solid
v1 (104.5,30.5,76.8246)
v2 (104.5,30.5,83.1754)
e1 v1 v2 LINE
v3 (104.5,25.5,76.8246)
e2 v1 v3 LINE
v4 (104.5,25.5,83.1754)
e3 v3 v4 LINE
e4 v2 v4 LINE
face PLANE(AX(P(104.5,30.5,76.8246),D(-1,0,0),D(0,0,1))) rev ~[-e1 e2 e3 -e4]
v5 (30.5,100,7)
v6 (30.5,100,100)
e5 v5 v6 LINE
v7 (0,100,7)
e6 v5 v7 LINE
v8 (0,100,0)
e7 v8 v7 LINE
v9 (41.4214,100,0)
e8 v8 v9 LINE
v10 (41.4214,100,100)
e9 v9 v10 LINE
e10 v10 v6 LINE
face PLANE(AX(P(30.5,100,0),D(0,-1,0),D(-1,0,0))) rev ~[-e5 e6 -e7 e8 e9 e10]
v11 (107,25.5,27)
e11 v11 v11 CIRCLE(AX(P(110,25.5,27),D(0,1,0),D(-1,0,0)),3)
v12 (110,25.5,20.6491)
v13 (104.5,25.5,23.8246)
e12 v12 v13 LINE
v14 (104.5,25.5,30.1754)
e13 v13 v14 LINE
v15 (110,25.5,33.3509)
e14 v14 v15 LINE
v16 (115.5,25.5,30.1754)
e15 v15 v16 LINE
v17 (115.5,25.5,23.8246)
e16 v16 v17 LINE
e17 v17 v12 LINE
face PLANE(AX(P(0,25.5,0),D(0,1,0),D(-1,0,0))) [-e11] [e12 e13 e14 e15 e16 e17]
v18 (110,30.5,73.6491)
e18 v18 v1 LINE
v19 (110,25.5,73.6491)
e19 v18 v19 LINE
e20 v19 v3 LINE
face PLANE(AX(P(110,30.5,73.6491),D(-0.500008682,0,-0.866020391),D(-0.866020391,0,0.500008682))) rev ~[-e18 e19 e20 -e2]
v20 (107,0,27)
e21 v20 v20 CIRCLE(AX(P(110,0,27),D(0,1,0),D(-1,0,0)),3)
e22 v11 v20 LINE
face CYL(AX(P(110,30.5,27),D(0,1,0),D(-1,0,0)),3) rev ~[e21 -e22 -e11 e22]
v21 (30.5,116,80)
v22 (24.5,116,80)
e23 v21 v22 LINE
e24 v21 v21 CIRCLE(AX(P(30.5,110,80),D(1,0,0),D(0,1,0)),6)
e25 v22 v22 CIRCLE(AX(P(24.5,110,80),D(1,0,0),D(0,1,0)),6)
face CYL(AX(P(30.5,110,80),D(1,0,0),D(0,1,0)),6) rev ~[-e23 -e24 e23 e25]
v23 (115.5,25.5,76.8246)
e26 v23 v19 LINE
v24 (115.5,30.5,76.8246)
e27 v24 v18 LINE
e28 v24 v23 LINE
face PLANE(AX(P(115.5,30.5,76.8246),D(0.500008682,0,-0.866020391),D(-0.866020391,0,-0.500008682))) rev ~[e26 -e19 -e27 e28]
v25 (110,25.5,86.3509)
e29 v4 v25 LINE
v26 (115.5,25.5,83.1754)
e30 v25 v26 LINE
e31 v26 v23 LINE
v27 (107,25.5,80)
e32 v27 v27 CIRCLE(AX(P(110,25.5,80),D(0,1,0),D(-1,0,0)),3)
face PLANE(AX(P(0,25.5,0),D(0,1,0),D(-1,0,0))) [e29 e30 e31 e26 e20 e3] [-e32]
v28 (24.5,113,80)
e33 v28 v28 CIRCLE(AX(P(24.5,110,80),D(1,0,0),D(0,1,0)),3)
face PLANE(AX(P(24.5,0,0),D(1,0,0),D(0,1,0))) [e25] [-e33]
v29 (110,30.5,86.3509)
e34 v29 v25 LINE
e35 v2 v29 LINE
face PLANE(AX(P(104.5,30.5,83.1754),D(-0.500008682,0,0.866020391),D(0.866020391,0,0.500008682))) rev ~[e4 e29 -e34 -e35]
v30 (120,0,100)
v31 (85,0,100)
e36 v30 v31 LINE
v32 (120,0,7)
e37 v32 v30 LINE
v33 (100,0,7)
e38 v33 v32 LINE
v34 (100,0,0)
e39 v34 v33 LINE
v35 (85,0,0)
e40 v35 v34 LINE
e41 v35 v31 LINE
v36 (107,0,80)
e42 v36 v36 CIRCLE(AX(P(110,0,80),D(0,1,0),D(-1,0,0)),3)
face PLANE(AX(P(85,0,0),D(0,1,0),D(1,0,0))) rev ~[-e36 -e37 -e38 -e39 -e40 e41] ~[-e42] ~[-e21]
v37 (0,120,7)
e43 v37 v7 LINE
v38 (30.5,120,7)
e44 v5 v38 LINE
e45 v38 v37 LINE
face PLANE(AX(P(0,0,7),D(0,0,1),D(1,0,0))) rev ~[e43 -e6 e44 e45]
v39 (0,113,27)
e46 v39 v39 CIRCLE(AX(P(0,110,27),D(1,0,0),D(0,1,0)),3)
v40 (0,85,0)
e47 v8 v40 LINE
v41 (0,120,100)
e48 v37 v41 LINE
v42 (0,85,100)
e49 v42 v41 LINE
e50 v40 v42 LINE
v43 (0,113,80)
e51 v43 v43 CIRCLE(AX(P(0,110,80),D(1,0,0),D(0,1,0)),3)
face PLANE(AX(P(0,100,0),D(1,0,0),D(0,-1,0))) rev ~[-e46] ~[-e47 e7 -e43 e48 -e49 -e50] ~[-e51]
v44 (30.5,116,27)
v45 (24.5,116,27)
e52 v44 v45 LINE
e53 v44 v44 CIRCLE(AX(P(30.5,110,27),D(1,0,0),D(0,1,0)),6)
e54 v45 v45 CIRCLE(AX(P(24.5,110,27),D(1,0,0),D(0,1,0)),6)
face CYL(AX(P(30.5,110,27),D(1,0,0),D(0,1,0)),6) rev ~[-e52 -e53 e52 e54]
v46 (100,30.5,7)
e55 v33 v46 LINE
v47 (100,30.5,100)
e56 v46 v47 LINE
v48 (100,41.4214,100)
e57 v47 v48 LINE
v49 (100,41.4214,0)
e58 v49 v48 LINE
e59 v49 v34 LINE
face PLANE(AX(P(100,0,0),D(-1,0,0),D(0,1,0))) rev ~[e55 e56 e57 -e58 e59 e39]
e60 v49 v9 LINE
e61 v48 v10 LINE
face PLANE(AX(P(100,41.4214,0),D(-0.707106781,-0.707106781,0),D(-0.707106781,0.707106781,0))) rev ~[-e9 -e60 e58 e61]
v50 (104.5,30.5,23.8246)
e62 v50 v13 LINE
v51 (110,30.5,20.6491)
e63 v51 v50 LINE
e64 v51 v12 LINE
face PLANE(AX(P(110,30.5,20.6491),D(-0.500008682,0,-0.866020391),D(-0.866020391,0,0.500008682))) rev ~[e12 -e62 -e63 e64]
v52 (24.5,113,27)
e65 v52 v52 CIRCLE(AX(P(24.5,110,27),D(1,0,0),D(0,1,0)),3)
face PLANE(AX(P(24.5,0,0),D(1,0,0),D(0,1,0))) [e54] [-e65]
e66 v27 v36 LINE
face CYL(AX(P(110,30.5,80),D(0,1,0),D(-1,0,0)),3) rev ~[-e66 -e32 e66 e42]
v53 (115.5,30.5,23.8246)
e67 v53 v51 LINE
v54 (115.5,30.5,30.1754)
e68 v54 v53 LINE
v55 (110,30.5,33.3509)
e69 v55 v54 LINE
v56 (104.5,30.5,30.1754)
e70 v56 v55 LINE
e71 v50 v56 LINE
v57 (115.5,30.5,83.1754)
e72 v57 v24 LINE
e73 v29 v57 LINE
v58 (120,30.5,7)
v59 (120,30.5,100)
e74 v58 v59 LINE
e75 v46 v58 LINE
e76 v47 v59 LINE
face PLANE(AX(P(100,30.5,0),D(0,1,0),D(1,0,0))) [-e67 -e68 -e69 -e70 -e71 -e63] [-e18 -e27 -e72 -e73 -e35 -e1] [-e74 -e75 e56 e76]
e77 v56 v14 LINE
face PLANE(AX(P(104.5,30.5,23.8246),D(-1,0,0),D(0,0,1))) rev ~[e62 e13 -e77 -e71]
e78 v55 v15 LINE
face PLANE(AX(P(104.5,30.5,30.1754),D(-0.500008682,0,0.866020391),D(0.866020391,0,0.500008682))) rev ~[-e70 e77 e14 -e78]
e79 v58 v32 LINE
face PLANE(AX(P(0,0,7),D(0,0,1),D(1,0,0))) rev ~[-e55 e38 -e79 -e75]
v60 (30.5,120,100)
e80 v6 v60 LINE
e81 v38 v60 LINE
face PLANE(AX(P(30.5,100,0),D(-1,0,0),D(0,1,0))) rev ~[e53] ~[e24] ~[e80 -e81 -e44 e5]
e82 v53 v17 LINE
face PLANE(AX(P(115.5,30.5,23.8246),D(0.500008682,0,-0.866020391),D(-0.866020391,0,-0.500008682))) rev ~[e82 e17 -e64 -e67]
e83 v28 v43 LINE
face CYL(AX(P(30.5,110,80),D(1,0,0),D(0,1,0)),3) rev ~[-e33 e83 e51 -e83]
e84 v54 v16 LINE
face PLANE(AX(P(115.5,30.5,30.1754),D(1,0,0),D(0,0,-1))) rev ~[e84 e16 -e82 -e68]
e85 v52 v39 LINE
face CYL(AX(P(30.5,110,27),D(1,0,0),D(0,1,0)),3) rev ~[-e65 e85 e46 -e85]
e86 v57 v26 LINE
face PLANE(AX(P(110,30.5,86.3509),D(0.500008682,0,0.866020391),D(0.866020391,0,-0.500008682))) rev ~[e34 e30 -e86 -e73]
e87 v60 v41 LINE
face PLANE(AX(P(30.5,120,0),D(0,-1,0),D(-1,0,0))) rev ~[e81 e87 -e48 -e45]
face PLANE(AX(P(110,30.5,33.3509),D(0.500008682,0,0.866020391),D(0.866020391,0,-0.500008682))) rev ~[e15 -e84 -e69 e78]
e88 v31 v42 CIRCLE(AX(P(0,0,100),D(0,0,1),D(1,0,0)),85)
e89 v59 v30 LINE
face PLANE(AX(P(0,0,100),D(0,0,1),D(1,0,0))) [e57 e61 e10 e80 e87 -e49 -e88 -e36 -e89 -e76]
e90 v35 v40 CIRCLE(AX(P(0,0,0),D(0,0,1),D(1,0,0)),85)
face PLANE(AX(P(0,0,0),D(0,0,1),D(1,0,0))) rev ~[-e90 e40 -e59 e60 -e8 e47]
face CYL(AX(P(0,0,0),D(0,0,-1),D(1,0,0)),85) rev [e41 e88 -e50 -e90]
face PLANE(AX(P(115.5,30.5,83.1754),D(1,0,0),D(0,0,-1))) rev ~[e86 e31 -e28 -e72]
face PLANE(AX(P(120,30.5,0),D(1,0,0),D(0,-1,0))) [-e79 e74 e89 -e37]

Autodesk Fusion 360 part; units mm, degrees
sketch "Body" plane through (0, 0, 0) normal (0, 0, 1) x (1, 0, 0)
  circle A0 centre (0, 0) radius 85
  line L0 (-100, -41.4214) -> (-41.4214, -100)
  line L1 (-41.4214, -100) -> (41.4214, -100)
  line L2 (41.4214, -100) -> (100, -41.4214)
  line L3 (100, -41.4214) -> (100, 41.4214)
  line L4 (100, 41.4214) -> (41.4214, 100)
  line L5 (41.4214, 100) -> (-41.4214, 100)
  line L6 (-41.4214, 100) -> (-100, 41.4214)
  line L7 (-100, 41.4214) -> (-100, -41.4214)
  line L8 (-30.5, -100) -> (30.5, -100)
  line L9 (30.5, -100) -> (30.5, -120)
  line L10 (30.5, -120) -> (-30.5, -120)
  line L11 (-30.5, -120) -> (-30.5, -100)
  line L12 (-30.5, 100) -> (30.5, 100)
  line L13 (30.5, 100) -> (30.5, 120)
  line L14 (30.5, 120) -> (-30.5, 120)
  line L15 (-30.5, 120) -> (-30.5, 100)
  line L16 (100, 30.5) -> (120, 30.5)
  line L17 (120, 30.5) -> (120, -30.5)
  line L18 (120, -30.5) -> (100, -30.5)
  line L19 (100, -30.5) -> (100, 30.5)
  line L20 (-100, 30.5) -> (-120, 30.5)
  line L21 (-120, 30.5) -> (-120, -30.5)
  line L22 (-120, -30.5) -> (-100, -30.5)
  line L23 (-100, -30.5) -> (-100, 30.5)
  line L24 (-120, 0) -> (120, 0)
  line L25 (0, 120) -> (0, -120)
  dimension "d1" = 170
  dimension "d2" = 100
  dimension "d4" = 61
  dimension "d5" = 20
  dimension "d7" = 61
  dimension "d8" = 20
  dimension "d10" = 61
  dimension "d11" = 20
  dimension "d13" = 20
  dimension "d14" = 61
extrude "Extrude1" add sketch "Body" along normal blind 100 contours A0 L3 L4 L5 L12 L19 L24 L25 | L3 L16 L17 L19 L24 | L5 L12 L13 L14 L25
extrude "Extrude2" cut sketch "Body" along normal blind 7 contours L3 L16 L17 L19 L24 | L5 L12 L13 L14 L25
sketch "H_Circle" plane through (30.5, 0, 0) normal (1, 0, 0) x (0, 1, 0)
  line L0 (100, 7) -> (120, 7)
  line L1 (120, 7) -> (120, 100)
  line L2 (120, 100) -> (100, 100)
  line L3 (100, 100) -> (100, 7)
  line L4 (100, 100) -> (120, 100)
  line L5 (120, 100) -> (120, 7)
  line L6 (120, 7) -> (100, 7)
  line L7 (100, 7) -> (100, 100)
  line L8 (100, 100) -> (120, 100)
  line L9 (120, 100) -> (120, 80)
  line L10 (100, 80) -> (100, 100)
  line L11 (100, 7) -> (120, 7)
  line L12 (120, 7) -> (120, 27)
  line L13 (100, 27) -> (100, 7)
  circle A0 centre (110, 80) radius 6
  circle A1 centre (110, 80) radius 3
  circle A2 centre (110, 27) radius 6
  circle A3 centre (110, 27) radius 3
  dimension "d19" = 20
  dimension "d20" = 20
  dimension "d21" = 12
  dimension "d22" = 6
  dimension "d23" = 12
  dimension "d24" = 6
extrude "Extrude3" cut sketch "H_Circle" against normal blind 70 contours A1 | A3
extrude "Extrude4" cut sketch "H_Circle" against normal blind 6 contours A0 | A2
sketch "H_Hex" plane through (0, 30.5, 0) normal (0, 1, 0) x (-1, 0, 0)
  line L0 (-120, 7) -> (-100, 7)
  line L1 (-100, 7) -> (-100, 100)
  line L2 (-100, 100) -> (-120, 100)
  line L3 (-120, 100) -> (-120, 7)
  line L4 (-120, 100) -> (-100, 100)
  line L5 (-100, 100) -> (-100, 7)
  line L6 (-100, 7) -> (-120, 7)
  line L7 (-120, 7) -> (-120, 100)
  line L8 (-120, 100) -> (-100, 100)
  line L9 (-100, 100) -> (-100, 80)
  line L10 (-120, 80) -> (-120, 100)
  line L11 (-120, 7) -> (-100, 7)
  line L12 (-100, 7) -> (-100, 27)
  line L13 (-120, 27) -> (-120, 7)
  circle A0 centre (-110, 80) radius 3
  circle A1 centre (-110, 27) radius 3
  line L14 (-115.5, 76.8246) -> (-110, 73.6491)
  line L15 (-110, 73.6491) -> (-104.5, 76.8246)
  line L16 (-104.5, 76.8246) -> (-104.5, 83.1754)
  line L17 (-104.5, 83.1754) -> (-110, 86.3509)
  line L18 (-110, 86.3509) -> (-115.5, 83.1754)
  line L19 (-115.5, 83.1754) -> (-115.5, 76.8246)
  line L20 (-115.5, 23.8246) -> (-110, 20.6491)
  line L21 (-110, 20.6491) -> (-104.5, 23.8246)
  line L22 (-104.5, 23.8246) -> (-104.5, 30.1754)
  line L23 (-104.5, 30.1754) -> (-110, 33.3509)
  line L24 (-110, 33.3509) -> (-115.5, 30.1754)
  line L25 (-115.5, 30.1754) -> (-115.5, 23.8246)
  point P0 (-110, 80)
  point P1 (-110, 27)
  dimension "d30" = 20
  dimension "d31" = 20
  dimension "d32" = 6
  dimension "d33" = 6
  dimension "d34" = 5.5
  dimension "d35" = 5.5
extrude "Extrude5" cut sketch "H_Hex" against normal blind 5 contours L14 L15 L16 L17 L18 L19 | L20 L21 L22 L23 L24 L25
extrude "Extrude6" cut 2 faces at (110.2225, 30.5, 80.9749) (109.2094, 30.5, 26.0676) along direction (0, -1, 0) blind 80
